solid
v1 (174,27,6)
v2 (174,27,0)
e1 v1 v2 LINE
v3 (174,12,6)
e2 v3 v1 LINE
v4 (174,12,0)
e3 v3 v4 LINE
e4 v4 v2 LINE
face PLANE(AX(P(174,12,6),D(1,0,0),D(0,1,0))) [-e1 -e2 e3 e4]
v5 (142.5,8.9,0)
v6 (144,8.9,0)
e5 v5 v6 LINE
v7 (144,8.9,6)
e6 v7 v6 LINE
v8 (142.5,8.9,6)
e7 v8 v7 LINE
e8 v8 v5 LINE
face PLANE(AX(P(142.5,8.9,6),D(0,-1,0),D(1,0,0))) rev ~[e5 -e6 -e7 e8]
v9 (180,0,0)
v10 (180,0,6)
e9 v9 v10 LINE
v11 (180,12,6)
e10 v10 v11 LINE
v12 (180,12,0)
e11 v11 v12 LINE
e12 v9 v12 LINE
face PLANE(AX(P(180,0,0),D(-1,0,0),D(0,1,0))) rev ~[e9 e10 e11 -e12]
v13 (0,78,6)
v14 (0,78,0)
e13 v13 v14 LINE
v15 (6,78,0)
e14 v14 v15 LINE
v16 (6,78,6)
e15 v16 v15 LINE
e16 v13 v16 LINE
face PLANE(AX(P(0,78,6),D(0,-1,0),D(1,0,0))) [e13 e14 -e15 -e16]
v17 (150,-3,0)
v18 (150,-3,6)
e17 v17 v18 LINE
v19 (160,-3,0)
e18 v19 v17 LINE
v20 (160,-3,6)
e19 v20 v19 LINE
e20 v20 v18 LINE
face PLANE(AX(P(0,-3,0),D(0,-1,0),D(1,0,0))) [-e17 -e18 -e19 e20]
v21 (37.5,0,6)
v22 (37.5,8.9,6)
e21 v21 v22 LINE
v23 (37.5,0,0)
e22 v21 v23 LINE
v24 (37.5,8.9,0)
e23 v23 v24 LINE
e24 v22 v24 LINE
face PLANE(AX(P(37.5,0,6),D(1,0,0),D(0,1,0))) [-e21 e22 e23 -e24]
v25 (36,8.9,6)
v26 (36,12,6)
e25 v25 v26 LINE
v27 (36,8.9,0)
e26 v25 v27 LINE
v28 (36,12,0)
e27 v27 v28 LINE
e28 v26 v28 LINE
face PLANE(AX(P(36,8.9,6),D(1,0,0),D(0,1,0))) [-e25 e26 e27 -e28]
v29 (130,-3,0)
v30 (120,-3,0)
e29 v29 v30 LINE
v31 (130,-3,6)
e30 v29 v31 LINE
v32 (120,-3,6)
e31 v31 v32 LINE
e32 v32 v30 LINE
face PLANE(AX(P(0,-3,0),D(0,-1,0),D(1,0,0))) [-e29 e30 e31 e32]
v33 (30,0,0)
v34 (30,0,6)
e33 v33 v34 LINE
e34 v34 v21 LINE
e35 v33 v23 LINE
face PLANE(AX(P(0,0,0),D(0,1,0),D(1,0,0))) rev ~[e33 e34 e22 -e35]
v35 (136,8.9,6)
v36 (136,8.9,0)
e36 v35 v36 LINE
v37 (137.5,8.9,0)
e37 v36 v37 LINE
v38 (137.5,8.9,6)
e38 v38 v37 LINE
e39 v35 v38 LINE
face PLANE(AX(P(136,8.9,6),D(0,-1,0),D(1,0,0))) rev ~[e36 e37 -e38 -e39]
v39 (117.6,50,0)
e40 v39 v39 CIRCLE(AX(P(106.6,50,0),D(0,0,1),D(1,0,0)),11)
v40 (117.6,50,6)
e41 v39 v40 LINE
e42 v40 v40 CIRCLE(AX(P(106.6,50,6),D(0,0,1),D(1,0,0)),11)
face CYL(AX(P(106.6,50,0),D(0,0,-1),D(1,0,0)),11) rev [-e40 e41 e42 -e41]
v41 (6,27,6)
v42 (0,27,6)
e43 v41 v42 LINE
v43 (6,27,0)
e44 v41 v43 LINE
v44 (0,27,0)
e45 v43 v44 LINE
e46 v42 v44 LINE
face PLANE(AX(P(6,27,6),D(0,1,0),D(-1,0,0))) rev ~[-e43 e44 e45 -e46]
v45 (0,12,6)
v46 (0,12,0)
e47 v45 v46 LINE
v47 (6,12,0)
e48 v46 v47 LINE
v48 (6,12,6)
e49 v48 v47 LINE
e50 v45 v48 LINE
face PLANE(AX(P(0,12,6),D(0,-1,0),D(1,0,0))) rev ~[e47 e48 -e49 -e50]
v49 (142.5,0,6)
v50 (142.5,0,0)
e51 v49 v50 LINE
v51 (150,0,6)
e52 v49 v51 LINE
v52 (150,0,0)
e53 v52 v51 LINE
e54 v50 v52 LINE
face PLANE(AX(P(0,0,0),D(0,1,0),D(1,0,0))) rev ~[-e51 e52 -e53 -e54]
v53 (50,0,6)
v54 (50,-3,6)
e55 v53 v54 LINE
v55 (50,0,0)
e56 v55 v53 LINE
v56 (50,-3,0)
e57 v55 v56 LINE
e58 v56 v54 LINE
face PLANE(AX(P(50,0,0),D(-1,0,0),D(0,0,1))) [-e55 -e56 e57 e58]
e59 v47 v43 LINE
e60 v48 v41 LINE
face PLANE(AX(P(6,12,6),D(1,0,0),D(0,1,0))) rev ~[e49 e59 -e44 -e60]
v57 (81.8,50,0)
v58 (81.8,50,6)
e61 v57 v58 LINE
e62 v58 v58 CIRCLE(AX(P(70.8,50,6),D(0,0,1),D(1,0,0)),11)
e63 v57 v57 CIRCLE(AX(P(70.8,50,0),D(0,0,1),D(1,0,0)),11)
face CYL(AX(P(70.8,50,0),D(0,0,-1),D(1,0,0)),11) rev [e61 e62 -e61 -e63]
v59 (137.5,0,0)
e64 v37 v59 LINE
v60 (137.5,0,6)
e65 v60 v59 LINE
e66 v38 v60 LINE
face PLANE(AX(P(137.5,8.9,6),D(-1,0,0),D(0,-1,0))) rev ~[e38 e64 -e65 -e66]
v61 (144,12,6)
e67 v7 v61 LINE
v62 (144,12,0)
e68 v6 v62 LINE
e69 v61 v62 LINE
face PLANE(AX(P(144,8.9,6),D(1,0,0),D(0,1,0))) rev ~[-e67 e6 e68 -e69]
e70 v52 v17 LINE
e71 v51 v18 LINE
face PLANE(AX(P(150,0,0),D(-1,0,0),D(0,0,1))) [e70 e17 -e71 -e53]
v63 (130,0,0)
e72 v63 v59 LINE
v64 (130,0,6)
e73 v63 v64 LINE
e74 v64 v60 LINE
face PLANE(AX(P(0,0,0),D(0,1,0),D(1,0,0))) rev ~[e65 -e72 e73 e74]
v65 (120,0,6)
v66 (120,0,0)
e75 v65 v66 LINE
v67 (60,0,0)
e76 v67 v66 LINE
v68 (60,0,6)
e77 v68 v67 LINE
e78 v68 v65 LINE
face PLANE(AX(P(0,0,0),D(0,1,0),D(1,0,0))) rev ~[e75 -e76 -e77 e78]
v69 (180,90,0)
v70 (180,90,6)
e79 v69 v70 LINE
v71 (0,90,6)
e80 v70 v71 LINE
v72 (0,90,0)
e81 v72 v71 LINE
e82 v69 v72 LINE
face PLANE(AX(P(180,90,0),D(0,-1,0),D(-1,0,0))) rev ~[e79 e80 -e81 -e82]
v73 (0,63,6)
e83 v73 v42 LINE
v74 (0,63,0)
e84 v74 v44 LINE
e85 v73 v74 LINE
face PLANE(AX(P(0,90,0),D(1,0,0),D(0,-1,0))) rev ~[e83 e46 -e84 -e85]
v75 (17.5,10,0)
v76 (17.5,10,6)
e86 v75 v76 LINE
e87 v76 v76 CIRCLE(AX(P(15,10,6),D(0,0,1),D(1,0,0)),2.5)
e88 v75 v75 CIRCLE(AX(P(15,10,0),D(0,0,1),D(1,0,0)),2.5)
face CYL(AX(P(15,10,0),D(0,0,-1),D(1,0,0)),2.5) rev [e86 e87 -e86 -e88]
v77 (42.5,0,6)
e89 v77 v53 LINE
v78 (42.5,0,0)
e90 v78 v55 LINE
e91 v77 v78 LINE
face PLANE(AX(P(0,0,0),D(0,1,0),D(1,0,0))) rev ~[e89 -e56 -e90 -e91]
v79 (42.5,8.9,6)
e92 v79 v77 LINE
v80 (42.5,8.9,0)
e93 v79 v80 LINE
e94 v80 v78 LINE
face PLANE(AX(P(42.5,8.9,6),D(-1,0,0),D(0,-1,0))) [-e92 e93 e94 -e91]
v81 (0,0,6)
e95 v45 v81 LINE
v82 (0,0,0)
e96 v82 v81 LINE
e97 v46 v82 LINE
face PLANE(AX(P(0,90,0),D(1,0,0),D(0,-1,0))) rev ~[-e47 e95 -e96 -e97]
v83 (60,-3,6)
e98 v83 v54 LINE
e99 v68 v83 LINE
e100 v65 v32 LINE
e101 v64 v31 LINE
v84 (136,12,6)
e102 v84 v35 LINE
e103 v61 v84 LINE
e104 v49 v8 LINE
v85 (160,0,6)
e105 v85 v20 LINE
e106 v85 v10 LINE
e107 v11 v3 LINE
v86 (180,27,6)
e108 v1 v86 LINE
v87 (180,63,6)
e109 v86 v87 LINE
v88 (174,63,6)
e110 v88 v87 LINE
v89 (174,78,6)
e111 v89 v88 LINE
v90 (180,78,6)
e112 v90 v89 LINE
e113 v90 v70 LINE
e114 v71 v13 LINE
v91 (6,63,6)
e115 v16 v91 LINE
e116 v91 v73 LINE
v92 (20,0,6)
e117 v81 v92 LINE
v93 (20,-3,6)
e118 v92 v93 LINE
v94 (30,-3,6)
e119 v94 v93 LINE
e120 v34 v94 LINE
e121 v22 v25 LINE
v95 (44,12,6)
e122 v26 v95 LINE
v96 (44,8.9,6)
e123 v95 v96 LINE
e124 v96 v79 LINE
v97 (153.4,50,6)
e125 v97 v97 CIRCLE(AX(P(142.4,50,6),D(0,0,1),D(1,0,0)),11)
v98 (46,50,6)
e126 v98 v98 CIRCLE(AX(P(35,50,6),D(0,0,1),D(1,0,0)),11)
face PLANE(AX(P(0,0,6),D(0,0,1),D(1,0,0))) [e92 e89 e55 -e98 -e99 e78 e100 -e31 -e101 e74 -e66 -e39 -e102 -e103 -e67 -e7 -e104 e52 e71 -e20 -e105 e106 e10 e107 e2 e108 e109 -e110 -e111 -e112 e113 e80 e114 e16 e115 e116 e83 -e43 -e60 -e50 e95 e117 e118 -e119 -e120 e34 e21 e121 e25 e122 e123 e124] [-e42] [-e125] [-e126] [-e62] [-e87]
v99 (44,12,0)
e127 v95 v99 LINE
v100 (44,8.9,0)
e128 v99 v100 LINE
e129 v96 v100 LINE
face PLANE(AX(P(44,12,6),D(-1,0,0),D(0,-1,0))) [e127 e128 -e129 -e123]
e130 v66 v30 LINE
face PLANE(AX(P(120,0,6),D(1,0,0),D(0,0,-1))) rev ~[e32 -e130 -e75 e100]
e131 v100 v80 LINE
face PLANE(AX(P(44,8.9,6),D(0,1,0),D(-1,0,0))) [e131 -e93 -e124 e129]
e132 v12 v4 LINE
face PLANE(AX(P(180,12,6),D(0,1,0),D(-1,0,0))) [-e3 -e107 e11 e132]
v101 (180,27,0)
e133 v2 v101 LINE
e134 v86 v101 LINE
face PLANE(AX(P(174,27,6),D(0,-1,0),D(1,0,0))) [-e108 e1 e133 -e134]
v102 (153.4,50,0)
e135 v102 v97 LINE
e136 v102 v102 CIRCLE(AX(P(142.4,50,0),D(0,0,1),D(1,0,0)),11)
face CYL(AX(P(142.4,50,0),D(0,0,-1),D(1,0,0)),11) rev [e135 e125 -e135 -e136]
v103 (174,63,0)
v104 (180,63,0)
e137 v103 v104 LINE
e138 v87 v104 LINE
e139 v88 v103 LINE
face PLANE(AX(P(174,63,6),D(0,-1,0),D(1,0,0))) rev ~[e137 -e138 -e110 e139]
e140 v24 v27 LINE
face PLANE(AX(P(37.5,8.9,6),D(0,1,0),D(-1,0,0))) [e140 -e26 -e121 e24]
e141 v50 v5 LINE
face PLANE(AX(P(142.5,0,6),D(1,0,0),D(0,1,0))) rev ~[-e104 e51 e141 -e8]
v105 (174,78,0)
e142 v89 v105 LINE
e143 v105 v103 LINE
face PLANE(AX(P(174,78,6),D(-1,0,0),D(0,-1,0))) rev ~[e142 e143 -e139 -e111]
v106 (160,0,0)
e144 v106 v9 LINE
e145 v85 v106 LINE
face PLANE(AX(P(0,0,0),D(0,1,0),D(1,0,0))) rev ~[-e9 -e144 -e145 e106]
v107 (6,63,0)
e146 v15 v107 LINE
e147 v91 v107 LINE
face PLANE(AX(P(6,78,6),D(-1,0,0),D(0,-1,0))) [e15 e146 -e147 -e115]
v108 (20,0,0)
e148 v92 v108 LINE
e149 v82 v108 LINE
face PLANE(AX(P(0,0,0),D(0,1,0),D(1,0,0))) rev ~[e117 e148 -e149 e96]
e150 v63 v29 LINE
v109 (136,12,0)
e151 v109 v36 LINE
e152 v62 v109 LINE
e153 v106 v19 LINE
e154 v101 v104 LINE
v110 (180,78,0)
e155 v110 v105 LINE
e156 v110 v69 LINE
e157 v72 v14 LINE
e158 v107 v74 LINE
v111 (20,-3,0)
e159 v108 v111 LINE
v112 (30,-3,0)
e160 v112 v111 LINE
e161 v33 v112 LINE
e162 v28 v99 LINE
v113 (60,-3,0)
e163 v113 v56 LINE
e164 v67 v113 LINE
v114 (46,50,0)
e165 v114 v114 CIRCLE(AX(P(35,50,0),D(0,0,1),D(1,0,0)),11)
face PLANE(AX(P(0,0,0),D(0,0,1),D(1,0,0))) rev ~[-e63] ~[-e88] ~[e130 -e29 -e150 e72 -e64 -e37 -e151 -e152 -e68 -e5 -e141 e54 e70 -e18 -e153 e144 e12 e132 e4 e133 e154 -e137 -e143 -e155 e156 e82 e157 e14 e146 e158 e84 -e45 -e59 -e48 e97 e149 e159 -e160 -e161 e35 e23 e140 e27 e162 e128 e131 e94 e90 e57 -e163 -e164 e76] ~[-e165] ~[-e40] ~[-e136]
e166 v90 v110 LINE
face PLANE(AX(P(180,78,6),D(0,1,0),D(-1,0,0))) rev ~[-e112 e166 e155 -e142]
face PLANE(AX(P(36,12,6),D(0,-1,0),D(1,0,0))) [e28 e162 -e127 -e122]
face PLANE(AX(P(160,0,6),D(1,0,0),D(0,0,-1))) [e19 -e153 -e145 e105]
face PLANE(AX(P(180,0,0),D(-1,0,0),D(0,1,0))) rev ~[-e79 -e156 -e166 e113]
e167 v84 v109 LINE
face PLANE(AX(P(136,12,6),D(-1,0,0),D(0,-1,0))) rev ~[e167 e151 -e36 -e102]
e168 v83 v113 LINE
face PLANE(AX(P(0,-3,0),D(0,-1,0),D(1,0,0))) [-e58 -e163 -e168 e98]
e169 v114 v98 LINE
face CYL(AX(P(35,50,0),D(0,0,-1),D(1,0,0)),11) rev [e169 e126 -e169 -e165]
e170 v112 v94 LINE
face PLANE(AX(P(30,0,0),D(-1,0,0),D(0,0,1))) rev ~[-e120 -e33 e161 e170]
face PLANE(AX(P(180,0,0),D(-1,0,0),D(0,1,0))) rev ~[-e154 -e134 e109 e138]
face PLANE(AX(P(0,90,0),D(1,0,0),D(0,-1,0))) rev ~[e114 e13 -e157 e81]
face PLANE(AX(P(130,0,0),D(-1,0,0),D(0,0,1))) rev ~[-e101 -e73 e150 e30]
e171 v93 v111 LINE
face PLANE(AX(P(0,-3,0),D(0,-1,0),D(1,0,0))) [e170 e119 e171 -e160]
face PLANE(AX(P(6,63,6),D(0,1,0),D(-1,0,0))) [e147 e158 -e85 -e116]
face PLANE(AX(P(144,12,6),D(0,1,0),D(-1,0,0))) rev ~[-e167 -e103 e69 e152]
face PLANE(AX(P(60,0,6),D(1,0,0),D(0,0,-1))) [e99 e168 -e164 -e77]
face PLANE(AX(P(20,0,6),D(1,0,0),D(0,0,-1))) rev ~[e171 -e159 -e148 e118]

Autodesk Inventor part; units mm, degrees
ref_plane "YZ Plane" through (0, 0, 0) normal (1, 0, 0) x (0, 1, 0)
ref_plane "XZ Plane" through (0, 0, 0) normal (0, 1, 0) x (-1, 0, 0)
ref_plane "XY Plane" through (0, 0, 0) normal (0, 0, 1) x (1, 0, 0)
sketch "Boceto3" plane through (0, 0, 0) normal (0, 0, 1) x (1, 0, 0)
  line L0 (0, 0) -> (180, 0)
  line L1 (180, 0) -> (180, 90)
  line L2 (180, 90) -> (0, 90)
  line L3 (0, 90) -> (0, 0)
  circle A0 centre (35, 50) radius 11
  circle A1 centre (70.8, 50) radius 11
  circle A2 centre (106.6, 50) radius 11
  circle A3 centre (142.4, 50) radius 11
  circle A4 centre (15, 10) radius 2.5
  dimension "d1" = 90
  dimension "d3" = 22
  dimension "d4" = 50
  dimension "d6" = 35.8
  dimension "d7" = 35.8
  dimension "d8" = 35.8
  dimension "d9" = 35
  dimension "d37" = 5
  dimension "d38" = 10
  dimension "d39" = 15
  dimension "d40" = 180
extrude "Extrusión1" add sketch "Boceto3" along normal blind 6
sketch "Boceto4" plane through (0, 0, 6) normal (0, 0, 1) x (1, 0, 0)
  line L0 (36, 12) -> (44, 12)
  line L1 (44, 12) -> (44, 8.9)
  line L2 (36, 8.9) -> (36, 12)
  line L3 (0, 0) -> (180, 0) projected
  line L4 (42.5, 8.9) -> (42.5, 0)
  line L5 (37.5, 0) -> (37.5, 8.9)
  line L6 (44, 8.9) -> (42.5, 8.9)
  line L7 (37.5, 8.9) -> (36, 8.9)
  line L8 (37.5, 0) -> (42.5, 0)
  line L9 (180, 90) -> (0, 90) projected
  line L10 (90, 90) -> (90, 0)
  line L11 (144, 12) -> (136, 12)
  line L12 (136, 12) -> (136, 8.9)
  line L13 (144, 8.9) -> (144, 12)
  line L14 (137.5, 8.9) -> (137.5, 0)
  line L15 (142.5, 0) -> (142.5, 8.9)
  line L16 (136, 8.9) -> (137.5, 8.9)
  line L17 (142.5, 8.9) -> (144, 8.9)
  line L18 (142.5, 0) -> (137.5, 0)
  point P0 (40, 12)
  point P1 (40, 0)
  point P2 (140, 12)
  point P3 (140, 0)
  point P4 (137.5, 0)
  point P5 (142.5, 0)
  dimension "d12" = 8
  dimension "d13" = 3.1
  dimension "d14" = 5
  dimension "d15" = 12
  dimension "d16" = 40
sketch "Boceto5" plane through (0, 0, 0) normal (0, -1, 0) x (1, 0, 0)
  line L0 (180, 6) -> (0, 6) projected
  line L1 (180, 0) -> (0, 0) projected
  line L2 (30, 6) -> (20, 6)
  line L3 (20, 6) -> (20, 0)
  line L4 (20, 0) -> (30, 0)
  line L5 (30, 0) -> (30, 6)
  line L6 (50, 6) -> (60, 6)
  line L7 (60, 6) -> (60, 0)
  line L8 (60, 0) -> (50, 0)
  line L9 (50, 0) -> (50, 6)
  line L10 (90, 6) -> (90, 0)
  line L11 (150, 6) -> (160, 6)
  line L12 (160, 6) -> (160, 0)
  line L13 (160, 0) -> (150, 0)
  line L14 (150, 0) -> (150, 6)
  line L15 (130, 6) -> (120, 6)
  line L16 (120, 6) -> (120, 0)
  line L17 (120, 0) -> (130, 0)
  line L18 (130, 0) -> (130, 6)
  point P0 (150, 6)
  point P1 (150, 0)
  point P2 (160, 0)
  point P3 (160, 6)
  point P4 (130, 0)
  point P5 (130, 6)
  point P6 (120, 6)
  point P7 (120, 0)
  point P8 (50, 0)
  point P9 (30, 0)
  point P10 (20, 6)
  dimension "d17" = 10
  dimension "d18" = 10
  dimension "d19" = 20
  dimension "d20" = 20
extrude "Extrusión2" cut sketch "Boceto4" against normal through all
extrude "Extrusión3" add sketch "Boceto5" along normal blind 3 contours L12 L1 L14 L0 | L18 L1 L16 L0 | L7 L1 L9 L0 | L5 L1 L3 L0
sketch "Boceto7" plane through (0, 0, 6) normal (0, 0, 1) x (1, 0, 0)
  line L0 (0, 78) -> (6, 78)
  line L1 (6, 78) -> (6, 63)
  line L2 (6, 63) -> (0, 63)
  line L3 (180, 90) -> (0, 90) projected
  line L4 (0, 90) -> (0, 0) projected
  line L5 (180, 0) -> (180, 90) projected
  line L6 (0, 45) -> (180, 45)
  line L7 (90, 90) -> (90, 0)
  line L8 (60, 0) -> (120, 0) projected
  line L9 (0, 12) -> (6, 12)
  line L10 (6, 12) -> (6, 27)
  line L11 (6, 27) -> (0, 27)
  line L12 (180, 78) -> (174, 78)
  line L13 (174, 78) -> (174, 63)
  line L14 (174, 63) -> (180, 63)
  line L15 (180, 12) -> (174, 12)
  line L16 (174, 12) -> (174, 27)
  line L17 (174, 27) -> (180, 27)
  point P0 (0, 27)
  point P1 (180, 12)
  point P2 (180, 27)
  point P3 (180, 63)
  point P4 (180, 78)
  dimension "d31" = 6
  dimension "d32" = 15
  dimension "d33" = 12
extrude "Extrusión5" cut sketch "Boceto7" against normal through all contours L5 L15 L16 L17 | L11 L10 L9 L4 | L0 L1 L2 L4 | L5 L14 L13 L12
properties part number "CaraLateral"
